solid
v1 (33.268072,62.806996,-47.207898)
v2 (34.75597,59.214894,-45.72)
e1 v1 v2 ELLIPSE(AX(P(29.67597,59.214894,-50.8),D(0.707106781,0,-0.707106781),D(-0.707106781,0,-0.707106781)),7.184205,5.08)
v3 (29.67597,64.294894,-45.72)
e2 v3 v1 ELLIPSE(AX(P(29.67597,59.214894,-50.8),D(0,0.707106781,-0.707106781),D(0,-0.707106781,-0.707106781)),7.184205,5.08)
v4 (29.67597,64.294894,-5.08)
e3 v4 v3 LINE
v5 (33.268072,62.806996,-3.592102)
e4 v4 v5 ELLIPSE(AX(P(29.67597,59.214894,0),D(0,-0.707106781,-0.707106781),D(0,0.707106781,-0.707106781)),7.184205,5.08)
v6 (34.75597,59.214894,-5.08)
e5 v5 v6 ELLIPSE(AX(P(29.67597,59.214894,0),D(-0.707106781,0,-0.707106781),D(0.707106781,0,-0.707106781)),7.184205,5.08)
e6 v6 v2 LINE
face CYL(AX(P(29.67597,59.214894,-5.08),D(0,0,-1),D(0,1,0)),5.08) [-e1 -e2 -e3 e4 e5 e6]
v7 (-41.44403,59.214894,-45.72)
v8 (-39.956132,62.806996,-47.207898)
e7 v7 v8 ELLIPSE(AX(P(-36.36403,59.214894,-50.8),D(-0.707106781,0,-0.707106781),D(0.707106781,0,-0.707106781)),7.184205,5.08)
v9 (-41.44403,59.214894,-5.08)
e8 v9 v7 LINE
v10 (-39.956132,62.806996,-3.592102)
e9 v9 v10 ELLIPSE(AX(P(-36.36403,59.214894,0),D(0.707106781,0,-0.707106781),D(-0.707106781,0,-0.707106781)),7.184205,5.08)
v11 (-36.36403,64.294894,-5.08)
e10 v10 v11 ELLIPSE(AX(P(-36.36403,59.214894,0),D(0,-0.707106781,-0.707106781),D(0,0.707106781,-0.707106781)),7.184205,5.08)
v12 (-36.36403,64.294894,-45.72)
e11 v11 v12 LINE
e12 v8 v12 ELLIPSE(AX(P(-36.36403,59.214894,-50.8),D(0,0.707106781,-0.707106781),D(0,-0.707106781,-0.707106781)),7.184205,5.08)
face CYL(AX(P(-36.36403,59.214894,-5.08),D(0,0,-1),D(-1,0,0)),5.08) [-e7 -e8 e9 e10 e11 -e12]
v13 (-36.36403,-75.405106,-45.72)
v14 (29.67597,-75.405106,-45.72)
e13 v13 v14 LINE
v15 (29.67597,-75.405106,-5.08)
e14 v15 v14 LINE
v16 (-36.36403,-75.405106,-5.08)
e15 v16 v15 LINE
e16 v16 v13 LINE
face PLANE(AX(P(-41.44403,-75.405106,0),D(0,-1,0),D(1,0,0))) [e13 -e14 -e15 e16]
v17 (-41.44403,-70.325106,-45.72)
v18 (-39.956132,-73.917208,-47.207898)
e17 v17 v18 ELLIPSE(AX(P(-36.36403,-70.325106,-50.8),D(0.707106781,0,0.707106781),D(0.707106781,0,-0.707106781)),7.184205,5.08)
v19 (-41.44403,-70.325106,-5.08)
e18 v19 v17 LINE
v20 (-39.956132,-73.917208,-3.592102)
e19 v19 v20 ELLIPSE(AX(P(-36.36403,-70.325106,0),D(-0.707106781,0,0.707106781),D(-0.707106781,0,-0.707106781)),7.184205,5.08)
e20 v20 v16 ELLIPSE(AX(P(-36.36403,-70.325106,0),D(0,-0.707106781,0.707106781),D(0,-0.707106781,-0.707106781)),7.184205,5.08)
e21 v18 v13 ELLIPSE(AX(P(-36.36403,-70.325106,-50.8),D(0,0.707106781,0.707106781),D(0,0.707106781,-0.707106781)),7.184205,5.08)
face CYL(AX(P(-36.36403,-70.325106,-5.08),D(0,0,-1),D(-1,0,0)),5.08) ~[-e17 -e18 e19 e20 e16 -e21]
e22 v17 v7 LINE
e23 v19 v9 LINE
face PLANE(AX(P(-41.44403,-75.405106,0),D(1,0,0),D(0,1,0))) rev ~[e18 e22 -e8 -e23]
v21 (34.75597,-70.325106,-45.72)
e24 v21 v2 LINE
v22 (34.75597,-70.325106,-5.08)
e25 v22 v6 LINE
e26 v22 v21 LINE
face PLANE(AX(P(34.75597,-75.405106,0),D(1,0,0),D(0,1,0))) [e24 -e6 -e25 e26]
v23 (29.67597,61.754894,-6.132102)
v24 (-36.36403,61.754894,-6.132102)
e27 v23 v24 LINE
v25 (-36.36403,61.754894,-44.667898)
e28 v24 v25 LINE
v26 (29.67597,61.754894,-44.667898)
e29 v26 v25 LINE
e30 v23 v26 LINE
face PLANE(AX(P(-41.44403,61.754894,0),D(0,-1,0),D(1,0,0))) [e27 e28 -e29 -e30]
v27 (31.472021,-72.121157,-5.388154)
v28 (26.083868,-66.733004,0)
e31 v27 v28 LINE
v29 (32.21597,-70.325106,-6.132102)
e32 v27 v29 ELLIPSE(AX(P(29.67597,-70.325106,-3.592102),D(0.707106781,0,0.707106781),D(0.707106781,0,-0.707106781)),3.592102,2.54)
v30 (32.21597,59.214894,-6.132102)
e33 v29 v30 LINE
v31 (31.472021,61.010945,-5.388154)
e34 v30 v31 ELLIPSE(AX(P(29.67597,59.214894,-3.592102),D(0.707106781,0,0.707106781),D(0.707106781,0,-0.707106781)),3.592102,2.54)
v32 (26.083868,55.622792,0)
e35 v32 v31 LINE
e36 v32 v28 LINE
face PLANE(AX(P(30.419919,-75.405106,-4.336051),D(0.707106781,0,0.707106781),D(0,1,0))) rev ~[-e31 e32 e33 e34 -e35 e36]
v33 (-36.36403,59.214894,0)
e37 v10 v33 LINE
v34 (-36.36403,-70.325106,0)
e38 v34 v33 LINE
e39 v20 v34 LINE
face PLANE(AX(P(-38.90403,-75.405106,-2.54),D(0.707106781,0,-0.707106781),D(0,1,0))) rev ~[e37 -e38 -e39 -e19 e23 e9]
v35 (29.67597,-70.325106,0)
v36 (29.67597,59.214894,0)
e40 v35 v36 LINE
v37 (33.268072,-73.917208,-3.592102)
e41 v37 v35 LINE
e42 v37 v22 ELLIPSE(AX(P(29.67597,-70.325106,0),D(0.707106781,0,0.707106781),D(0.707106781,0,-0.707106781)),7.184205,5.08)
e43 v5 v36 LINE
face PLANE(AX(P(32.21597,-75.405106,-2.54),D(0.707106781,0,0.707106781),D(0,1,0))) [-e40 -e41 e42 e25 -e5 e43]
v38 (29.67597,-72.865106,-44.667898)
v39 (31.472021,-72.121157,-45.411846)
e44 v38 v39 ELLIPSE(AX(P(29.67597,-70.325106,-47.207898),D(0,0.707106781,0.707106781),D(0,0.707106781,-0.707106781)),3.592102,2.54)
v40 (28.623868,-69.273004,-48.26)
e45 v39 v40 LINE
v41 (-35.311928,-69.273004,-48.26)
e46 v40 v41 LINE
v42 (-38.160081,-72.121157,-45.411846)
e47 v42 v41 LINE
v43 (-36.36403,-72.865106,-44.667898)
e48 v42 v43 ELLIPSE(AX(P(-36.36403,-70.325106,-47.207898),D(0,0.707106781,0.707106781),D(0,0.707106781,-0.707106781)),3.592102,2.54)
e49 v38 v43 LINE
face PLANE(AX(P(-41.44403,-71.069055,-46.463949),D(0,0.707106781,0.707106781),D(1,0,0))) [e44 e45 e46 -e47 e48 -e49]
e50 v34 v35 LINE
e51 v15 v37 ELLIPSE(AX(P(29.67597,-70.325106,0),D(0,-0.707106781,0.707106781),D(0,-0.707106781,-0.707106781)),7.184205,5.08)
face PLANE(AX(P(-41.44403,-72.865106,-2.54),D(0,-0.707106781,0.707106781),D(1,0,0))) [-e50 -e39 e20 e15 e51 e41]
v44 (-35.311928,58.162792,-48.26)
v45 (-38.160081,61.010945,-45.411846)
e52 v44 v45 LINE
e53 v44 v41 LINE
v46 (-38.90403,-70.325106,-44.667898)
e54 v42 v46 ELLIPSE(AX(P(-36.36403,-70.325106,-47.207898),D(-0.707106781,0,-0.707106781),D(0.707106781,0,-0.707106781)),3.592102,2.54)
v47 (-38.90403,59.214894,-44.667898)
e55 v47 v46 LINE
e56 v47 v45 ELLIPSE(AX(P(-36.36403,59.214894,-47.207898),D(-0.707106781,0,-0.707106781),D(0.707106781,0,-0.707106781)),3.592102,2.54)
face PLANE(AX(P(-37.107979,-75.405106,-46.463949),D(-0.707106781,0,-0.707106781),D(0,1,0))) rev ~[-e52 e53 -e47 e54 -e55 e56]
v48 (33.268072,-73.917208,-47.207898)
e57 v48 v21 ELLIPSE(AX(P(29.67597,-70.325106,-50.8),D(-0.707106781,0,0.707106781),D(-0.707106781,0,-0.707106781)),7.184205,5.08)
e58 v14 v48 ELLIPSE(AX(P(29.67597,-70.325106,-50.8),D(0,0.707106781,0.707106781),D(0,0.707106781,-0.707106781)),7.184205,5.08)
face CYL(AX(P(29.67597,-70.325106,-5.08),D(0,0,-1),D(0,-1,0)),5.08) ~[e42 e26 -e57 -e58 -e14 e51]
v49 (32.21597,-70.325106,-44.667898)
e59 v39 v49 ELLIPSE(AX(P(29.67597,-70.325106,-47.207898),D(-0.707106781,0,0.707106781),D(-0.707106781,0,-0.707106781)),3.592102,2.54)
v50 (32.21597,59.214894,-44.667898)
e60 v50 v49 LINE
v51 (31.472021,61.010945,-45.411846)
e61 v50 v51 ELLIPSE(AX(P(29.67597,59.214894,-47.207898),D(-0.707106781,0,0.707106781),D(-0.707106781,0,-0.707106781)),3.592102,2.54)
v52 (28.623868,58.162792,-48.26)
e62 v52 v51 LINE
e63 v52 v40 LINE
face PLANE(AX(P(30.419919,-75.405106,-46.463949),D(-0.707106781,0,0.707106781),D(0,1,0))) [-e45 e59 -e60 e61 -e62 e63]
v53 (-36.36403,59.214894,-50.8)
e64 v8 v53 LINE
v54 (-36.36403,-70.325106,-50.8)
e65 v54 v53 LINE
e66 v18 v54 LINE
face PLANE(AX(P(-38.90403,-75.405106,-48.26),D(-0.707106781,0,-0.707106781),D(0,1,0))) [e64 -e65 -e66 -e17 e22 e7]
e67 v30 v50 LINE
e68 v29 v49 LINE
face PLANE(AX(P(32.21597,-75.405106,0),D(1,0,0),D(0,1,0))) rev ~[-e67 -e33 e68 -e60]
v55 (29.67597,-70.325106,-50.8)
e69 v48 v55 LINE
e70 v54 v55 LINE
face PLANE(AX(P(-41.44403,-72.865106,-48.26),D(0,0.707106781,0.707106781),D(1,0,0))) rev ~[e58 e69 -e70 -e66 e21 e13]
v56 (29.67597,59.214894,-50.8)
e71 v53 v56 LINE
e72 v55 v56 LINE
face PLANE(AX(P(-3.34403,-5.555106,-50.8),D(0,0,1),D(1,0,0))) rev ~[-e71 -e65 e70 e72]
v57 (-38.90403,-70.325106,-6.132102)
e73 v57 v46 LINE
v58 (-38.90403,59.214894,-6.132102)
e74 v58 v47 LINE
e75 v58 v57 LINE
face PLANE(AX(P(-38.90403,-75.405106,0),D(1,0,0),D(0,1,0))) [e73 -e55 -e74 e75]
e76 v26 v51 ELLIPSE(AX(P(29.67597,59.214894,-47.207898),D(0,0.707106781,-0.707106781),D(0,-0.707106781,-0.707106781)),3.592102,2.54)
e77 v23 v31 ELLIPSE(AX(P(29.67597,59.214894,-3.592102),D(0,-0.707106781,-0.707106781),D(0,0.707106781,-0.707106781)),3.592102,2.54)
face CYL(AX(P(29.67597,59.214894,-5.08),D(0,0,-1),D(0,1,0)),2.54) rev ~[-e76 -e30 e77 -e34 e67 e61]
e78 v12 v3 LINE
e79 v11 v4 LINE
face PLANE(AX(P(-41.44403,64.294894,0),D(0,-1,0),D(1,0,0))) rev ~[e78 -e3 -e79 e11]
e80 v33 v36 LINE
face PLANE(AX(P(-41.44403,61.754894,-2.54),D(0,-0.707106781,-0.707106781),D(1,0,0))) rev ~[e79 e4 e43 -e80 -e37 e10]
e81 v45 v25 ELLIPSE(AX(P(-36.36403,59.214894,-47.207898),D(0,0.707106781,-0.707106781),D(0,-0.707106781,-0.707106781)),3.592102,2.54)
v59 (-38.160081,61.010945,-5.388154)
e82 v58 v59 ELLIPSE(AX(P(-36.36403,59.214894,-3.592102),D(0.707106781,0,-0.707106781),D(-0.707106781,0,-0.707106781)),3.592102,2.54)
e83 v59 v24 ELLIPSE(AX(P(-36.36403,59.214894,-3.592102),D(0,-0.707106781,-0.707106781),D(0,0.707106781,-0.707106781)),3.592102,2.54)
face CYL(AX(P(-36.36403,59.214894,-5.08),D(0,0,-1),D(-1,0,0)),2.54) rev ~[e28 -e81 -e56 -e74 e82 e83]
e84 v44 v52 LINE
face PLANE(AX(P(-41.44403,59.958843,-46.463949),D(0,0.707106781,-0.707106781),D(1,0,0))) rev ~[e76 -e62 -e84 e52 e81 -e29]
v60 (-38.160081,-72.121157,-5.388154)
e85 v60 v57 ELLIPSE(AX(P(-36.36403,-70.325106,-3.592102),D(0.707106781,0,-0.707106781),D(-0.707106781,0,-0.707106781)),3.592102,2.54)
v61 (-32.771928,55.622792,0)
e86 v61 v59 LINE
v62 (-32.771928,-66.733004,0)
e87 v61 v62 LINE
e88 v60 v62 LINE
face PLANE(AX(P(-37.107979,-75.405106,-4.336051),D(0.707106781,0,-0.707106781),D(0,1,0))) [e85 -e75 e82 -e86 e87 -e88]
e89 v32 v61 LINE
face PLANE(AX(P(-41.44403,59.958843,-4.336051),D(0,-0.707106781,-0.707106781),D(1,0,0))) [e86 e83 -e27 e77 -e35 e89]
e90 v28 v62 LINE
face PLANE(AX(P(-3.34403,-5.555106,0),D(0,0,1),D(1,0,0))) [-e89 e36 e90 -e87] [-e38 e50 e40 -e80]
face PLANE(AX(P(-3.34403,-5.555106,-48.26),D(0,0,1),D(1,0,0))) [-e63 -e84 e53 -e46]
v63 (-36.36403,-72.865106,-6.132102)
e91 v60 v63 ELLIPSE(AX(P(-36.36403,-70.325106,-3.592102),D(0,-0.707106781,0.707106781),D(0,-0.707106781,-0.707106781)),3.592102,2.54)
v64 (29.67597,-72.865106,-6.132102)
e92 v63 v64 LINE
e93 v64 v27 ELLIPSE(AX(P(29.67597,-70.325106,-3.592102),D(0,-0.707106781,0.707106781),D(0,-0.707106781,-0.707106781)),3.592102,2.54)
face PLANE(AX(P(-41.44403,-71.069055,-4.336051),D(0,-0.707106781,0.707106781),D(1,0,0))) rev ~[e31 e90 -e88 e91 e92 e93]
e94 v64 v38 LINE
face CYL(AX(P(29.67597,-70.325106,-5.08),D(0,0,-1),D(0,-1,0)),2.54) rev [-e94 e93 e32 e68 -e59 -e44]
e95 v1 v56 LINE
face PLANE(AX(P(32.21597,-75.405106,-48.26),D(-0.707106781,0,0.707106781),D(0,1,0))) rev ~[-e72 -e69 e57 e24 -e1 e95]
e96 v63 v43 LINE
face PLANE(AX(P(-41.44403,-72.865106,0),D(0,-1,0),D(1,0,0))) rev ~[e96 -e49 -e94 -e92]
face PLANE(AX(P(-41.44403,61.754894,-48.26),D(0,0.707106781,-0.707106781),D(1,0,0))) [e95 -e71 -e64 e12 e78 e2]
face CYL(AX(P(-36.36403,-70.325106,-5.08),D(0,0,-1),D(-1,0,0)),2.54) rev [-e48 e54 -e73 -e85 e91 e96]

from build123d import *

# Parameters (mm, degrees)
F0_W     = 76.2
F0_H     = 139.7
F1_DEPTH = 50.8
F2_SIZE  = 5.08
F3_R     = 5.08
F4_T     = -2.54


with BuildPart() as f1:
    # F0 (on Top) → F1 (new body)
    with BuildSketch(Plane.XY):
        with Locations((-3.34403, -5.555106)):
            Rectangle(F0_W, F0_H)
    extrude(amount=-F1_DEPTH)

    # F2
    f2_edges = [f1.edges().sort_by_distance(p)[0] for p in [
        (-3.34403, -75.405106, 0),
        (34.75597, -5.555106, 0),
        (-41.44403, -5.555106, 0),
        (-3.34403, 64.294894, 0),
        (34.75597, -5.555106, -50.8),
        (-3.34403, -75.405106, -50.8),
        (-3.34403, 64.294894, -50.8),
        (-41.44403, -5.555106, -50.8),
    ]]
    chamfer(f2_edges, length=F2_SIZE)

    # F3
    f3_edges = [f1.edges().sort_by_distance(p)[0] for p in [
        (34.75597, -75.405106, -25.4),
        (34.75597, 64.294894, -25.4),
        (-41.44403, 64.294894, -25.4),
        (-41.44403, -75.405106, -25.4),
    ]]
    fillet(f3_edges, radius=F3_R)

    # F4
    f4_openings = [f1.faces().sort_by_distance(p)[0] for p in [
        (-3.34403, -5.555106, 0),
    ]]
    offset(amount=F4_T, openings=f4_openings)


solid = f1.part
